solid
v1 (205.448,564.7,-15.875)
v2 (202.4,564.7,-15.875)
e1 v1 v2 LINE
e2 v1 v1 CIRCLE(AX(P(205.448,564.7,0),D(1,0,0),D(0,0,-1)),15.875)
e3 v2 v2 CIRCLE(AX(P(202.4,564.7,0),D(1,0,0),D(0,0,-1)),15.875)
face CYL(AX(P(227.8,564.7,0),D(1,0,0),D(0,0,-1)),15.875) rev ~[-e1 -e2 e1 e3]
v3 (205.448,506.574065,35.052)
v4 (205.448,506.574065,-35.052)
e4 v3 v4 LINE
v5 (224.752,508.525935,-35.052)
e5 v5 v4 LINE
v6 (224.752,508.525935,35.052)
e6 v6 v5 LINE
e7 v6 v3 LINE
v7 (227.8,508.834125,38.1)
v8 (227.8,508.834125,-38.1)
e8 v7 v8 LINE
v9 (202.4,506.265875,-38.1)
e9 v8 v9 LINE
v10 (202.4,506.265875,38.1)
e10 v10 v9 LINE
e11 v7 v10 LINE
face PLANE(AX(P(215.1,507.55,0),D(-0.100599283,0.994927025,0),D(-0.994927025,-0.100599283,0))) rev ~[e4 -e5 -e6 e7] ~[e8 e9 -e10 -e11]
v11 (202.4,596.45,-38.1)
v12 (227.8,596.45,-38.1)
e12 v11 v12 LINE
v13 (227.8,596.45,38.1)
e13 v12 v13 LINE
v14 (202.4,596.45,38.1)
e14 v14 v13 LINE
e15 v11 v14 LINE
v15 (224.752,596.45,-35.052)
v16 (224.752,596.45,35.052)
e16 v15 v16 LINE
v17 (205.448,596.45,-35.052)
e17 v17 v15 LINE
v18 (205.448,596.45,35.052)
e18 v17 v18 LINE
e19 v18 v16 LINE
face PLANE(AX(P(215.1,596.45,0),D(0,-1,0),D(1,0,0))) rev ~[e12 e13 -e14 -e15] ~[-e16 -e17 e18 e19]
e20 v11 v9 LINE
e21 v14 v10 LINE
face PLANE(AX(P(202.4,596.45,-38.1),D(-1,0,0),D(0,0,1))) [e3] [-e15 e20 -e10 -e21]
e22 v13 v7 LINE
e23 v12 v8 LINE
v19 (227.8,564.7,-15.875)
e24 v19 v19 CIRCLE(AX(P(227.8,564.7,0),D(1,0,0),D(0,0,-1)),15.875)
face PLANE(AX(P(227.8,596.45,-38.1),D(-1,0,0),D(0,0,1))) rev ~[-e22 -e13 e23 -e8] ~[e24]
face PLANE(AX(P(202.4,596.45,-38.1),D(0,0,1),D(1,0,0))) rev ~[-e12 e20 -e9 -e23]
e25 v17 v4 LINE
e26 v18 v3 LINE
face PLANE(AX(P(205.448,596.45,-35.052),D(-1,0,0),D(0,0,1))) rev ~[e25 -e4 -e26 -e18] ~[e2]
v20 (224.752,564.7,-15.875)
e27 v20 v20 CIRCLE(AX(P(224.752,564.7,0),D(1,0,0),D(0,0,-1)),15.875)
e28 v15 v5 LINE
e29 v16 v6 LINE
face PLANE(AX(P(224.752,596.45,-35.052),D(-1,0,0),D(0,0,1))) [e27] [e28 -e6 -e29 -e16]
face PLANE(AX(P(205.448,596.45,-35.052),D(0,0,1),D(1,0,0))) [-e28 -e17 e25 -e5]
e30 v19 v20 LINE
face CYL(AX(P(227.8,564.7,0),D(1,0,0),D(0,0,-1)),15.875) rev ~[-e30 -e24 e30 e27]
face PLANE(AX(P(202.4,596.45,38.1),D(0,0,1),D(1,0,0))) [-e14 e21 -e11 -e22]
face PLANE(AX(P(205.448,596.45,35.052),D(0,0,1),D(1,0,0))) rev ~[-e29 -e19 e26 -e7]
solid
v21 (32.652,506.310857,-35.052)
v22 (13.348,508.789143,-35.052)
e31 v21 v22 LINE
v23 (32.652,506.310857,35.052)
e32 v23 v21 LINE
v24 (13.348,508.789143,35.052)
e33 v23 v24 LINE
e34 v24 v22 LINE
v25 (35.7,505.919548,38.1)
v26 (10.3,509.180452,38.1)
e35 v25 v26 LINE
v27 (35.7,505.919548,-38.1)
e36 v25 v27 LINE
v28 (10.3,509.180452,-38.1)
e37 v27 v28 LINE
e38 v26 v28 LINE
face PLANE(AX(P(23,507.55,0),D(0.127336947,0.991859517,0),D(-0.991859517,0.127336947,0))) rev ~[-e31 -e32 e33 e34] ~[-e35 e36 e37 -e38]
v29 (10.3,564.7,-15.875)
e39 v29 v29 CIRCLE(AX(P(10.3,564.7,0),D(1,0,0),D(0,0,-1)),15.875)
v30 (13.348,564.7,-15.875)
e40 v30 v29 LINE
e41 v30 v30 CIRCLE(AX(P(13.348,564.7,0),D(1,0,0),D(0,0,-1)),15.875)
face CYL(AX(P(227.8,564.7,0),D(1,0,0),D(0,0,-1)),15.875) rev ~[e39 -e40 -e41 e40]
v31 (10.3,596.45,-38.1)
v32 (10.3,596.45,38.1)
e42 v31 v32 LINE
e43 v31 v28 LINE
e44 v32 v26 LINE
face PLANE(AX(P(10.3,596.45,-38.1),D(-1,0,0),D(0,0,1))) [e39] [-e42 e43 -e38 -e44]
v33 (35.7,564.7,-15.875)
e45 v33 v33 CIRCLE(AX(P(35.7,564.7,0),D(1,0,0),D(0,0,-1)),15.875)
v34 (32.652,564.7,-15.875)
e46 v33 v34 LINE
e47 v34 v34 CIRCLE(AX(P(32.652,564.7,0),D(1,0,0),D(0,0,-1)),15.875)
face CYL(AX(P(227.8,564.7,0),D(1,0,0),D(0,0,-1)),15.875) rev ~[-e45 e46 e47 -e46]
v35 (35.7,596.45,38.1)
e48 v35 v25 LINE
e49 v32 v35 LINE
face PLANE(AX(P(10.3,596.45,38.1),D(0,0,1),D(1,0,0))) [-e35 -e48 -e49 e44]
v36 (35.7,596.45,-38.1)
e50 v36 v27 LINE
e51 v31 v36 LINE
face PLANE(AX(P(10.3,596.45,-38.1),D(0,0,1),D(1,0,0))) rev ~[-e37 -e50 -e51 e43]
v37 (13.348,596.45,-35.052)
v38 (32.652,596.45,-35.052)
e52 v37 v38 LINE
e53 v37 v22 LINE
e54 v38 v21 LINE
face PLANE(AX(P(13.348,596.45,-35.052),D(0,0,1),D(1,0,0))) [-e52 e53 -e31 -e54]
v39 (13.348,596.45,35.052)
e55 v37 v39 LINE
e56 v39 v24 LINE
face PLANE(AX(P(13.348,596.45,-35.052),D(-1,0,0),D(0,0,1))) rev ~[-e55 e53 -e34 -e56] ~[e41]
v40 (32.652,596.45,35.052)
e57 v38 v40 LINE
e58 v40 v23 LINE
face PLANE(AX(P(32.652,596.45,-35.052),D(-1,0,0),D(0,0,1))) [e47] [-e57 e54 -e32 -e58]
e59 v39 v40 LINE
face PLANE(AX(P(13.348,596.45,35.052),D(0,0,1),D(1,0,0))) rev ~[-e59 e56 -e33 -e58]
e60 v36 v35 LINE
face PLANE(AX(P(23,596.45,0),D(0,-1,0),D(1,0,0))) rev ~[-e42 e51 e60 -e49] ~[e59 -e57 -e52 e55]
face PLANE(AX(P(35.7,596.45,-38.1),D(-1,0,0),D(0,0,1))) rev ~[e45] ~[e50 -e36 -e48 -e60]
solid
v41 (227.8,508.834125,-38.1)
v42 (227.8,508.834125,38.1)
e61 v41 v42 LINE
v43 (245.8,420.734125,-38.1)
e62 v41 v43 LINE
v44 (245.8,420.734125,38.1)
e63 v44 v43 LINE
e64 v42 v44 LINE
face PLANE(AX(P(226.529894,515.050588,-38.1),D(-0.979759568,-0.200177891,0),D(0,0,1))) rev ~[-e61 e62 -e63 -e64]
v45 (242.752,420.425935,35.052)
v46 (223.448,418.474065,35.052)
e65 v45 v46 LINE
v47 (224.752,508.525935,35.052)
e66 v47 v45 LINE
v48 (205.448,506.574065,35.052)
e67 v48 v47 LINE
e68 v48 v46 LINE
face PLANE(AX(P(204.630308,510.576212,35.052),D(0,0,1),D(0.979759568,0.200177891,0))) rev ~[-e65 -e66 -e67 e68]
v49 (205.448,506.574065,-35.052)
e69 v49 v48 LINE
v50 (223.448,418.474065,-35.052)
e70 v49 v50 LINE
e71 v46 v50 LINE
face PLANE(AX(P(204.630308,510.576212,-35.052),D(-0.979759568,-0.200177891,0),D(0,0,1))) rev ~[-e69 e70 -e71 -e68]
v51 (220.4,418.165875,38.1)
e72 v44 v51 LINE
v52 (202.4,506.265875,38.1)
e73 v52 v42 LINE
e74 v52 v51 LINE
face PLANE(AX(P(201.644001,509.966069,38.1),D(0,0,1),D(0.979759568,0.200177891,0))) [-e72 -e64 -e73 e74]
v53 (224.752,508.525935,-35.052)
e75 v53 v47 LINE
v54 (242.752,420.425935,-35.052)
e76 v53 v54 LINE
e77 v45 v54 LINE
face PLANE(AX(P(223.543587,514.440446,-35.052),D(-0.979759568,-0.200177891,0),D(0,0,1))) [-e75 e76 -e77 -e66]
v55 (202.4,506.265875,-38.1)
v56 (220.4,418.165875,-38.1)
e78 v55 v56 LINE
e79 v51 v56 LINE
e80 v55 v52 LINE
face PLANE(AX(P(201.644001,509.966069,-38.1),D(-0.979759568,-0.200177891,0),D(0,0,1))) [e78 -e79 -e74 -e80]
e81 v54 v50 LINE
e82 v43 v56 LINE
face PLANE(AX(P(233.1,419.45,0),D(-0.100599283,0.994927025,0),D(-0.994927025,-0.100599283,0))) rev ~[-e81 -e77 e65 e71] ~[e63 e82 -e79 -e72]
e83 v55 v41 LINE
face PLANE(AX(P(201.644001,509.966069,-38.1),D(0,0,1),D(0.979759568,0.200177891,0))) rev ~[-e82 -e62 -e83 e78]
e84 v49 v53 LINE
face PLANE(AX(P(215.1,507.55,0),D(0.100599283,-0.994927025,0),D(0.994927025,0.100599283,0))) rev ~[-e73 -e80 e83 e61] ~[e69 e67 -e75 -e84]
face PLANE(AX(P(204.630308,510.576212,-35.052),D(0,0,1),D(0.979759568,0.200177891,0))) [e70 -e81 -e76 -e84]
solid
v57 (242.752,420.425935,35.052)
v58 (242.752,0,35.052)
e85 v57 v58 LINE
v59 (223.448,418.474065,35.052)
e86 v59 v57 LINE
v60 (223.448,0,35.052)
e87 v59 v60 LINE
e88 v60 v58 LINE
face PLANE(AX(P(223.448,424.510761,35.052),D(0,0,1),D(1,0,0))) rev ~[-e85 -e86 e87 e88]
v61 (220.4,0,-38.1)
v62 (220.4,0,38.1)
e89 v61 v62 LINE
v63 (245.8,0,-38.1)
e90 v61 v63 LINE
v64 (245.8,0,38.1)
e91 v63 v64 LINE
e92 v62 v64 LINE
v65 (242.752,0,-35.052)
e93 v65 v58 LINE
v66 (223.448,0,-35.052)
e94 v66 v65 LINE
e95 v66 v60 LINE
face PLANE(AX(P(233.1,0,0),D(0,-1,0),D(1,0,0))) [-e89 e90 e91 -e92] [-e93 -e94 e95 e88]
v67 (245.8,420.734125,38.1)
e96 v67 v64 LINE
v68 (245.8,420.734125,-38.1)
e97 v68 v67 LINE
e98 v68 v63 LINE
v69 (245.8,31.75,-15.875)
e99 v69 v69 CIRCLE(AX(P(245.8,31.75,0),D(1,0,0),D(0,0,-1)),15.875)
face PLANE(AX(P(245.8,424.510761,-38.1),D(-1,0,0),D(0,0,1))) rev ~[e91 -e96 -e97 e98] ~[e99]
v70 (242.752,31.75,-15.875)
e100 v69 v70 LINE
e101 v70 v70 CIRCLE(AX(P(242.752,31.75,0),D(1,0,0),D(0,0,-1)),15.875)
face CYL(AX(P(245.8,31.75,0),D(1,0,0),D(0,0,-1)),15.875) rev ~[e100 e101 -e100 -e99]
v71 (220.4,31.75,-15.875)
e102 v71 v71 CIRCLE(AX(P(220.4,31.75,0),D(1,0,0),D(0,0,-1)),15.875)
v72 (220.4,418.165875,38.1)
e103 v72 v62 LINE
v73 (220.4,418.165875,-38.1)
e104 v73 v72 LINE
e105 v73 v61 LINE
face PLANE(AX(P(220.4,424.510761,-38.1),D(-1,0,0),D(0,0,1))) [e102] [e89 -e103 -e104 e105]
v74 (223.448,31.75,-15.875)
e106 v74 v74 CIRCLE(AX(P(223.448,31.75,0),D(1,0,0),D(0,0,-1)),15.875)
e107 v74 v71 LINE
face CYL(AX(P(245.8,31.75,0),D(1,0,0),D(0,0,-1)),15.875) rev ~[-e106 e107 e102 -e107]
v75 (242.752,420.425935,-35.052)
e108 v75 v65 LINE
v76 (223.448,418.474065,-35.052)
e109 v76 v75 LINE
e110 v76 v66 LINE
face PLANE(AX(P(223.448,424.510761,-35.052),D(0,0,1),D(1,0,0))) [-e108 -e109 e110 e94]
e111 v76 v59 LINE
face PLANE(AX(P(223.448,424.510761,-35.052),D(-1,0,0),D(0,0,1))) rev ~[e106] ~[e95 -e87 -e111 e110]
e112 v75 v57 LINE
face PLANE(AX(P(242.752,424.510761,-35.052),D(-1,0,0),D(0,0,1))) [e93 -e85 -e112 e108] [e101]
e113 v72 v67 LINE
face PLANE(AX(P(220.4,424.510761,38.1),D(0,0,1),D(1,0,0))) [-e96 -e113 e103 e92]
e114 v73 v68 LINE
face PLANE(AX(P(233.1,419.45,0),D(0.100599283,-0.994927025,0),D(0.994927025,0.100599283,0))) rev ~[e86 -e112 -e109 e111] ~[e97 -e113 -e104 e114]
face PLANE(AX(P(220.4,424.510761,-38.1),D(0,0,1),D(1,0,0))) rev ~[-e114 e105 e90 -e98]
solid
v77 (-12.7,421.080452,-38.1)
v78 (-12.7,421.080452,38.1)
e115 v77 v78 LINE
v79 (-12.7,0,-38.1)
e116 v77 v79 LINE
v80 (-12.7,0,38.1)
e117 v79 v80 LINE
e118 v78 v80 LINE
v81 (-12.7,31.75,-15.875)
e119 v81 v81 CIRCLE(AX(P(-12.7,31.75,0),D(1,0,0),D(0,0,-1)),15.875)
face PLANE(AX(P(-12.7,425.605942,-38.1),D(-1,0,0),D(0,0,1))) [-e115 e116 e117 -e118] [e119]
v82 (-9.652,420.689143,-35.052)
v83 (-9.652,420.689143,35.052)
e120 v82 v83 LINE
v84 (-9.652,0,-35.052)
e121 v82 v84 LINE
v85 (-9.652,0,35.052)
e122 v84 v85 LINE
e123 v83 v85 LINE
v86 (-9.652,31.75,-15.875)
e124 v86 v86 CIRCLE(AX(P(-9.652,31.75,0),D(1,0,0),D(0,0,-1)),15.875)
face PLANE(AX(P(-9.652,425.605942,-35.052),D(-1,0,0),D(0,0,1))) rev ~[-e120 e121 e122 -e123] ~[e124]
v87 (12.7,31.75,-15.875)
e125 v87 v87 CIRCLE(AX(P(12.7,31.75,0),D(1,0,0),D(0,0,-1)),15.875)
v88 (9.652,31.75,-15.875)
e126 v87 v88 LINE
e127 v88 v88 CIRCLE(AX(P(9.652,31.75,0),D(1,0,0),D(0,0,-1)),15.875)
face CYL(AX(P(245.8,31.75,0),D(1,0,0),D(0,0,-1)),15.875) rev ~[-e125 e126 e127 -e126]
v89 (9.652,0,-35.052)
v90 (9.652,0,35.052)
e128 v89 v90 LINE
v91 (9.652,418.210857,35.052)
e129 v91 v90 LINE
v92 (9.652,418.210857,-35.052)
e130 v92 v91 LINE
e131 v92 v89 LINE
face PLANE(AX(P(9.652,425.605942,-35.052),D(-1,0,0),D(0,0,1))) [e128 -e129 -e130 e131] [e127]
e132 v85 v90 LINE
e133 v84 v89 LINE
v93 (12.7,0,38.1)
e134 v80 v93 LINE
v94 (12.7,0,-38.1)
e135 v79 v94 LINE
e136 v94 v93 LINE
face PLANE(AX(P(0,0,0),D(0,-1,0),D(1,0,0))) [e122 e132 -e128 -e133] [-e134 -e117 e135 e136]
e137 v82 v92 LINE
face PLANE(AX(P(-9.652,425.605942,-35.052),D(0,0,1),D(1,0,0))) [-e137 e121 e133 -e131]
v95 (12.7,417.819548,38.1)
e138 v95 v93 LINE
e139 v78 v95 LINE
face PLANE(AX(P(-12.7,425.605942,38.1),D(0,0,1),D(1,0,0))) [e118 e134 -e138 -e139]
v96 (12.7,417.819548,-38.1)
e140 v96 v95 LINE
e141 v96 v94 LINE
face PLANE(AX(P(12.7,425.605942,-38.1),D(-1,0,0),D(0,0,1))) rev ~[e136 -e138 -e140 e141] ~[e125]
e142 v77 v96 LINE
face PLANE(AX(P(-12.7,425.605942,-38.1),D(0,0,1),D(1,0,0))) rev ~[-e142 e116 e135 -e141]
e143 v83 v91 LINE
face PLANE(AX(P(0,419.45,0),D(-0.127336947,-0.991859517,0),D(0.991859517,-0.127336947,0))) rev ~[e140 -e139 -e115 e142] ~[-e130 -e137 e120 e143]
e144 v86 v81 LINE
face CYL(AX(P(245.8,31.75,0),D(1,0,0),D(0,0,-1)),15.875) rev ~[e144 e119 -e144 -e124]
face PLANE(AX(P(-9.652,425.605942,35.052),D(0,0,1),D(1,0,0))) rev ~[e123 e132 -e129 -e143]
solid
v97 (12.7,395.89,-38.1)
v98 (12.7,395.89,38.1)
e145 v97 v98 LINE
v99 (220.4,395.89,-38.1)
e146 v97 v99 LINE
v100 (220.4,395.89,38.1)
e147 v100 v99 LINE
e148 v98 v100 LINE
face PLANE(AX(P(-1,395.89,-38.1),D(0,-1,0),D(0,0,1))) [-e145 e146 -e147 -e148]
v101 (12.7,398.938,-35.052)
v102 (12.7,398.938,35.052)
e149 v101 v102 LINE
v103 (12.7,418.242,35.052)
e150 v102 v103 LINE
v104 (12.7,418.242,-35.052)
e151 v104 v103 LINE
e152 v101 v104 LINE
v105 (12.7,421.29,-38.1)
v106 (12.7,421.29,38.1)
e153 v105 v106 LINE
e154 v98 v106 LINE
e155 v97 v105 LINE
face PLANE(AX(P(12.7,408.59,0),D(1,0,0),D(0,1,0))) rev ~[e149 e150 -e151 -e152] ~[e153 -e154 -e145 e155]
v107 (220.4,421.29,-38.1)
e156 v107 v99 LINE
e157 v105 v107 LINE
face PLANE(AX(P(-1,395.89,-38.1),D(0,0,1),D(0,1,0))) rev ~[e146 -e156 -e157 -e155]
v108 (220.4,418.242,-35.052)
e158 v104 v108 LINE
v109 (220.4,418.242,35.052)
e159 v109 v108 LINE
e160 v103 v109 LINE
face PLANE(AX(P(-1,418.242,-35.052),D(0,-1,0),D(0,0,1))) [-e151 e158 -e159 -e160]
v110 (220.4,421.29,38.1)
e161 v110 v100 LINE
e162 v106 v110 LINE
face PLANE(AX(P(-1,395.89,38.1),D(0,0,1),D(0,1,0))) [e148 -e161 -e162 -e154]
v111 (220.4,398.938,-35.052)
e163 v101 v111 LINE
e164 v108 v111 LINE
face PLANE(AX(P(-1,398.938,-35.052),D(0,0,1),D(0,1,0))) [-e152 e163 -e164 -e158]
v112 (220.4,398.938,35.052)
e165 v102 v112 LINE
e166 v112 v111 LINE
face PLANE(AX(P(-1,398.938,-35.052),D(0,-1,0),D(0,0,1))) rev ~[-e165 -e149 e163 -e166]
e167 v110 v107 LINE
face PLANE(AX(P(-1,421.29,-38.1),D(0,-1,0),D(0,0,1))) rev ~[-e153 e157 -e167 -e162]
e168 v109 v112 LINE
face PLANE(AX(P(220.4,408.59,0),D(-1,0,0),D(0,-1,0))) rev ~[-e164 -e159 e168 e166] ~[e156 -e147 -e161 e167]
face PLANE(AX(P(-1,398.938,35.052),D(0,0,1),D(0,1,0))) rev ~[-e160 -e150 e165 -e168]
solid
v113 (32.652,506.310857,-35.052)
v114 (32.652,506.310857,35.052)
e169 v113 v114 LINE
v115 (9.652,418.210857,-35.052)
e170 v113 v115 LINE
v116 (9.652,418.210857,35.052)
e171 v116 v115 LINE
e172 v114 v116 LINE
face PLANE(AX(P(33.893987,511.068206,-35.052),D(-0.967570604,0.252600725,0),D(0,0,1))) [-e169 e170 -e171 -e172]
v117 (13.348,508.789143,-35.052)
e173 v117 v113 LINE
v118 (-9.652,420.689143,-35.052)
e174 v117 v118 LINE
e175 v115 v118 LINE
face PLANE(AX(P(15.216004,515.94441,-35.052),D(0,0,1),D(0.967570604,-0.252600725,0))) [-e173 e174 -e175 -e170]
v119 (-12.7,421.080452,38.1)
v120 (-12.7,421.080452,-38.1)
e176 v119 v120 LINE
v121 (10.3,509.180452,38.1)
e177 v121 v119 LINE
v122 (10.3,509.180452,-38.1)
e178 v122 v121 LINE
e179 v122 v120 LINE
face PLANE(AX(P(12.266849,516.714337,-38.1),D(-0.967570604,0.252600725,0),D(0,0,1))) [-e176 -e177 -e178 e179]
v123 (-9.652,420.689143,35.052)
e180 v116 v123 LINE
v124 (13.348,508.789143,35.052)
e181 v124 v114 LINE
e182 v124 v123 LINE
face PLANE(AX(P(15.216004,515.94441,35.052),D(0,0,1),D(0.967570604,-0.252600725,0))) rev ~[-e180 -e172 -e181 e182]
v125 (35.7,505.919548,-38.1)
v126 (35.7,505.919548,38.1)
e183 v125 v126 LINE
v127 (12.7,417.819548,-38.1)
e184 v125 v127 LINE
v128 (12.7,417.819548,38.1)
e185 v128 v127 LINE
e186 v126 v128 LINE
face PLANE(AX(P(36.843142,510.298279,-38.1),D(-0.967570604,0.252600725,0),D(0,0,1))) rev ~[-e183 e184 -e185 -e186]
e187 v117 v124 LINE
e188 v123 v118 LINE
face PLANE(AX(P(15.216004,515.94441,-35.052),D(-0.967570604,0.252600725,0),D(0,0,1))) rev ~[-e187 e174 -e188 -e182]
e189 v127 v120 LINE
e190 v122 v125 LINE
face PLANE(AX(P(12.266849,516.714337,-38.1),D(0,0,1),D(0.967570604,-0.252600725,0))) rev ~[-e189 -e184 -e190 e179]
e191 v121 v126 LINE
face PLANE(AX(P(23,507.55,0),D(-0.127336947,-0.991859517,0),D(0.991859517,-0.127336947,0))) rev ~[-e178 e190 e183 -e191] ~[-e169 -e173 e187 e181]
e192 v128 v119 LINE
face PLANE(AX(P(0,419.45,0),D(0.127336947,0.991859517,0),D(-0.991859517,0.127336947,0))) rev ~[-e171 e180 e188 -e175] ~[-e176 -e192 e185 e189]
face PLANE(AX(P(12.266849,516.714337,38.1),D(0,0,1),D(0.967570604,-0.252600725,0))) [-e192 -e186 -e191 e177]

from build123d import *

# Parameters (mm, degrees)
SKETCH1_W                = 25.4
SKETCH1_H                = 76.2
SKETCH1_W_2              = 19.304
SKETCH1_H_2              = 70.104
STEEL_3X1_1_DEPTH        = 93.960760543
SKETCH1_ON_SEGMENT_2_W   = 25.4
SKETCH1_ON_SEGMENT_2_H   = 76.2
SKETCH1_ON_SEGMENT_2_W_2 = 19.304
SKETCH1_ON_SEGMENT_2_H_2 = 70.104
STEEL_3X1_1_2_DEPTH      = 100.041541103
SKETCH1_ON_SEGMENT_3_W   = 25.4
SKETCH1_ON_SEGMENT_3_H   = 76.2
SKETCH1_ON_SEGMENT_3_W_2 = 19.304
SKETCH1_ON_SEGMENT_3_H_2 = 70.104
STEEL_3X1_1_3_DEPTH      = 424.510760543
SKETCH1_ON_SEGMENT_4_W   = 25.4
SKETCH1_ON_SEGMENT_4_H   = 76.2
SKETCH1_ON_SEGMENT_4_W_2 = 19.304
SKETCH1_ON_SEGMENT_4_H_2 = 70.104
STEEL_3X1_1_4_DEPTH      = 95.055941588
SKETCH1_ON_SEGMENT_5_W   = 25.4
SKETCH1_ON_SEGMENT_5_H   = 76.2
SKETCH1_ON_SEGMENT_5_W_2 = 19.304
SKETCH1_ON_SEGMENT_5_H_2 = 70.104
STEEL_3X1_1_5_DEPTH      = 103.364670064
SKETCH1_ON_SEGMENT_6_W   = 25.4
SKETCH1_ON_SEGMENT_6_H   = 76.2
SKETCH1_ON_SEGMENT_6_W_2 = 19.304
SKETCH1_ON_SEGMENT_6_H_2 = 70.104
STEEL_3X1_1_6_DEPTH      = 425.605941588
SKETCH1_ON_SEGMENT_7_W   = 25.4
SKETCH1_ON_SEGMENT_7_H   = 76.2
SKETCH1_ON_SEGMENT_7_W_2 = 19.304
SKETCH1_ON_SEGMENT_7_H_2 = 70.104
STEEL_3X1_1_7_DEPTH      = 235.1
SKETCH3_R                = 15.875
CUT_EXTRUDE1_DEPTH       = 652.173143258
SKETCH4_R                = 15.875
CUT_EXTRUDE2_DEPTH       = 645.239445005


with BuildPart() as part:
    # Sketch1 → Steel 3X1(1) (new body)
    with BuildSketch(Plane(origin=(215.1, 596.45, 0), x_dir=(1, 0, 0), z_dir=(0, -1, 0))):
        Rectangle(SKETCH1_W, SKETCH1_H)
        Rectangle(SKETCH1_W_2, SKETCH1_H_2, mode=Mode.SUBTRACT)
    extrude(amount=STEEL_3X1_1_DEPTH)

    # Steel 3X1(1) mitre 1
    split(bisect_by=Plane(origin=(215.1, 507.55, 0), x_dir=(-0.994927025, -0.100599283, 0), z_dir=(-0.100599283, 0.994927025, 0)), keep=Keep.TOP)


with BuildPart() as body_2:
    # Sketch1 on segment 2 (carried to segment 2) → Steel 3X1_1 2 (new body)
    with BuildSketch(Plane(origin=(214.086947626, 512.508328565, 0), x_dir=(0.979759568, 0.200177891, 0), z_dir=(0.200177891, -0.979759568, 0))):
        Rectangle(SKETCH1_ON_SEGMENT_2_W, SKETCH1_ON_SEGMENT_2_H)
        Rectangle(SKETCH1_ON_SEGMENT_2_W_2, SKETCH1_ON_SEGMENT_2_H_2, mode=Mode.SUBTRACT)
    extrude(amount=STEEL_3X1_1_2_DEPTH)

    # Steel 3X1_1 2 mitre 1
    split(bisect_by=Plane(origin=(215.1, 507.55, 0), x_dir=(0.994927025, 0.100599283, 0), z_dir=(0.100599283, -0.994927025, 0)), keep=Keep.TOP)

    # Steel 3X1_1 2 mitre 2
    split(bisect_by=Plane(origin=(233.1, 419.45, 0), x_dir=(-0.994927025, -0.100599283, 0), z_dir=(-0.100599283, 0.994927025, 0)), keep=Keep.TOP)


with BuildPart() as body_3:
    # Sketch1 on segment 3 (carried to segment 3) → Steel 3X1_1 3 (new body)
    with BuildSketch(Plane(origin=(233.1, 424.510760543, 0), x_dir=(1, 0, 0), z_dir=(0, -1, 0))):
        Rectangle(SKETCH1_ON_SEGMENT_3_W, SKETCH1_ON_SEGMENT_3_H)
        Rectangle(SKETCH1_ON_SEGMENT_3_W_2, SKETCH1_ON_SEGMENT_3_H_2, mode=Mode.SUBTRACT)
    extrude(amount=STEEL_3X1_1_3_DEPTH)

    # Steel 3X1_1 3 mitre 1
    split(bisect_by=Plane(origin=(233.1, 419.45, 0), x_dir=(0.994927025, 0.100599283, 0), z_dir=(0.100599283, -0.994927025, 0)), keep=Keep.TOP)


with BuildPart() as body_4:
    # Sketch1 on segment 4 (carried to segment 4) → Steel 3X1_1 4 (new body)
    with BuildSketch(Plane(origin=(23, 596.45, 0), x_dir=(1, 0, 0), z_dir=(0, -1, 0))):
        Rectangle(SKETCH1_ON_SEGMENT_4_W, SKETCH1_ON_SEGMENT_4_H)
        Rectangle(SKETCH1_ON_SEGMENT_4_W_2, SKETCH1_ON_SEGMENT_4_H_2, mode=Mode.SUBTRACT)
    extrude(amount=STEEL_3X1_1_4_DEPTH)

    # Steel 3X1_1 4 mitre 1
    split(bisect_by=Plane(origin=(23, 507.55, 0), x_dir=(-0.991859517, 0.127336947, 0), z_dir=(0.127336947, 0.991859517, 0)), keep=Keep.TOP)


with BuildPart() as body_5:
    # Sketch1 on segment 5 (carried to segment 5) → Steel 3X1_1 5 (new body)
    with BuildSketch(Plane(origin=(24.554995309, 513.50630812, 0), x_dir=(0.967570604, -0.252600725, 0), z_dir=(-0.252600725, -0.967570604, 0))):
        Rectangle(SKETCH1_ON_SEGMENT_5_W, SKETCH1_ON_SEGMENT_5_H)
        Rectangle(SKETCH1_ON_SEGMENT_5_W_2, SKETCH1_ON_SEGMENT_5_H_2, mode=Mode.SUBTRACT)
    extrude(amount=STEEL_3X1_1_5_DEPTH)

    # Steel 3X1_1 5 mitre 1
    split(bisect_by=Plane(origin=(23, 507.55, 0), x_dir=(0.991859517, -0.127336947, 0), z_dir=(-0.127336947, -0.991859517, 0)), keep=Keep.TOP)

    # Steel 3X1_1 5 mitre 2
    split(bisect_by=Plane(origin=(0, 419.45, 0), x_dir=(-0.991859517, 0.127336947, 0), z_dir=(0.127336947, 0.991859517, 0)), keep=Keep.TOP)


with BuildPart() as body_6:
    # Sketch1 on segment 6 (carried to segment 6) → Steel 3X1_1 6 (new body)
    with BuildSketch(Plane.XZ.offset(-425.605941588)):
        Rectangle(SKETCH1_ON_SEGMENT_6_W, SKETCH1_ON_SEGMENT_6_H)
        Rectangle(SKETCH1_ON_SEGMENT_6_W_2, SKETCH1_ON_SEGMENT_6_H_2, mode=Mode.SUBTRACT)
    extrude(amount=STEEL_3X1_1_6_DEPTH)

    # Steel 3X1_1 6 mitre 1
    split(bisect_by=Plane(origin=(0, 419.45, 0), x_dir=(0.991859517, -0.127336947, 0), z_dir=(-0.127336947, -0.991859517, 0)), keep=Keep.TOP)


with BuildPart() as body_7:
    # Sketch1 on segment 7 (carried to segment 7) → Steel 3X1_1 7 (new body)
    with BuildSketch(Plane(origin=(-1, 408.59, 0), x_dir=(0, 1, 0), z_dir=(1, 0, 0))):
        Rectangle(SKETCH1_ON_SEGMENT_7_W, SKETCH1_ON_SEGMENT_7_H)
        Rectangle(SKETCH1_ON_SEGMENT_7_W_2, SKETCH1_ON_SEGMENT_7_H_2, mode=Mode.SUBTRACT)
    extrude(amount=STEEL_3X1_1_7_DEPTH)

    # Steel 3X1_1 7 mitre 1
    split(bisect_by=Plane(origin=(12.7, 408.59, 0), x_dir=(0, 1, 0), z_dir=(1, 0, 0)), keep=Keep.TOP)

    # Steel 3X1_1 7 mitre 2
    split(bisect_by=Plane(origin=(220.4, 408.59, 0), x_dir=(0, -1, 0), z_dir=(-1, 0, 0)), keep=Keep.TOP)


with BuildPart() as cut_extrude1_tool:
    # Sketch3 → Cut-Extrude1 (new, through all)
    with BuildSketch(Plane(origin=(245.8, 0, 0), x_dir=(0, 0, -1), z_dir=(1, 0, 0))):
        with Locations((0, 31.75)):
            Circle(SKETCH3_R)
    extrude(amount=-CUT_EXTRUDE1_DEPTH)


with BuildPart() as body_3_1:
    add(body_3.part)

    # Cut-Extrude1: cut by cut_extrude1_tool
    add(cut_extrude1_tool.part, mode=Mode.SUBTRACT)


with BuildPart() as body_6_1:
    add(body_6.part)

    # Cut-Extrude1: cut by cut_extrude1_tool
    add(cut_extrude1_tool.part, mode=Mode.SUBTRACT)


with BuildPart() as cut_extrude2_tool:
    # Sketch4 → Cut-Extrude2 (new, through all)
    with BuildSketch(Plane(origin=(227.8, 0, 0), x_dir=(0, 0, -1), z_dir=(1, 0, 0))):
        with Locations((0, 564.7)):
            Circle(SKETCH4_R)
    extrude(amount=-CUT_EXTRUDE2_DEPTH)


with BuildPart() as part_1:
    add(part.part)

    # Cut-Extrude2: cut by cut_extrude2_tool
    add(cut_extrude2_tool.part, mode=Mode.SUBTRACT)


with BuildPart() as body_4_1:
    add(body_4.part)

    # Cut-Extrude2: cut by cut_extrude2_tool
    add(cut_extrude2_tool.part, mode=Mode.SUBTRACT)


solid = Compound([body_2.part, body_5.part, body_7.part, body_3_1.part, body_6_1.part, part_1.part, body_4_1.part])
